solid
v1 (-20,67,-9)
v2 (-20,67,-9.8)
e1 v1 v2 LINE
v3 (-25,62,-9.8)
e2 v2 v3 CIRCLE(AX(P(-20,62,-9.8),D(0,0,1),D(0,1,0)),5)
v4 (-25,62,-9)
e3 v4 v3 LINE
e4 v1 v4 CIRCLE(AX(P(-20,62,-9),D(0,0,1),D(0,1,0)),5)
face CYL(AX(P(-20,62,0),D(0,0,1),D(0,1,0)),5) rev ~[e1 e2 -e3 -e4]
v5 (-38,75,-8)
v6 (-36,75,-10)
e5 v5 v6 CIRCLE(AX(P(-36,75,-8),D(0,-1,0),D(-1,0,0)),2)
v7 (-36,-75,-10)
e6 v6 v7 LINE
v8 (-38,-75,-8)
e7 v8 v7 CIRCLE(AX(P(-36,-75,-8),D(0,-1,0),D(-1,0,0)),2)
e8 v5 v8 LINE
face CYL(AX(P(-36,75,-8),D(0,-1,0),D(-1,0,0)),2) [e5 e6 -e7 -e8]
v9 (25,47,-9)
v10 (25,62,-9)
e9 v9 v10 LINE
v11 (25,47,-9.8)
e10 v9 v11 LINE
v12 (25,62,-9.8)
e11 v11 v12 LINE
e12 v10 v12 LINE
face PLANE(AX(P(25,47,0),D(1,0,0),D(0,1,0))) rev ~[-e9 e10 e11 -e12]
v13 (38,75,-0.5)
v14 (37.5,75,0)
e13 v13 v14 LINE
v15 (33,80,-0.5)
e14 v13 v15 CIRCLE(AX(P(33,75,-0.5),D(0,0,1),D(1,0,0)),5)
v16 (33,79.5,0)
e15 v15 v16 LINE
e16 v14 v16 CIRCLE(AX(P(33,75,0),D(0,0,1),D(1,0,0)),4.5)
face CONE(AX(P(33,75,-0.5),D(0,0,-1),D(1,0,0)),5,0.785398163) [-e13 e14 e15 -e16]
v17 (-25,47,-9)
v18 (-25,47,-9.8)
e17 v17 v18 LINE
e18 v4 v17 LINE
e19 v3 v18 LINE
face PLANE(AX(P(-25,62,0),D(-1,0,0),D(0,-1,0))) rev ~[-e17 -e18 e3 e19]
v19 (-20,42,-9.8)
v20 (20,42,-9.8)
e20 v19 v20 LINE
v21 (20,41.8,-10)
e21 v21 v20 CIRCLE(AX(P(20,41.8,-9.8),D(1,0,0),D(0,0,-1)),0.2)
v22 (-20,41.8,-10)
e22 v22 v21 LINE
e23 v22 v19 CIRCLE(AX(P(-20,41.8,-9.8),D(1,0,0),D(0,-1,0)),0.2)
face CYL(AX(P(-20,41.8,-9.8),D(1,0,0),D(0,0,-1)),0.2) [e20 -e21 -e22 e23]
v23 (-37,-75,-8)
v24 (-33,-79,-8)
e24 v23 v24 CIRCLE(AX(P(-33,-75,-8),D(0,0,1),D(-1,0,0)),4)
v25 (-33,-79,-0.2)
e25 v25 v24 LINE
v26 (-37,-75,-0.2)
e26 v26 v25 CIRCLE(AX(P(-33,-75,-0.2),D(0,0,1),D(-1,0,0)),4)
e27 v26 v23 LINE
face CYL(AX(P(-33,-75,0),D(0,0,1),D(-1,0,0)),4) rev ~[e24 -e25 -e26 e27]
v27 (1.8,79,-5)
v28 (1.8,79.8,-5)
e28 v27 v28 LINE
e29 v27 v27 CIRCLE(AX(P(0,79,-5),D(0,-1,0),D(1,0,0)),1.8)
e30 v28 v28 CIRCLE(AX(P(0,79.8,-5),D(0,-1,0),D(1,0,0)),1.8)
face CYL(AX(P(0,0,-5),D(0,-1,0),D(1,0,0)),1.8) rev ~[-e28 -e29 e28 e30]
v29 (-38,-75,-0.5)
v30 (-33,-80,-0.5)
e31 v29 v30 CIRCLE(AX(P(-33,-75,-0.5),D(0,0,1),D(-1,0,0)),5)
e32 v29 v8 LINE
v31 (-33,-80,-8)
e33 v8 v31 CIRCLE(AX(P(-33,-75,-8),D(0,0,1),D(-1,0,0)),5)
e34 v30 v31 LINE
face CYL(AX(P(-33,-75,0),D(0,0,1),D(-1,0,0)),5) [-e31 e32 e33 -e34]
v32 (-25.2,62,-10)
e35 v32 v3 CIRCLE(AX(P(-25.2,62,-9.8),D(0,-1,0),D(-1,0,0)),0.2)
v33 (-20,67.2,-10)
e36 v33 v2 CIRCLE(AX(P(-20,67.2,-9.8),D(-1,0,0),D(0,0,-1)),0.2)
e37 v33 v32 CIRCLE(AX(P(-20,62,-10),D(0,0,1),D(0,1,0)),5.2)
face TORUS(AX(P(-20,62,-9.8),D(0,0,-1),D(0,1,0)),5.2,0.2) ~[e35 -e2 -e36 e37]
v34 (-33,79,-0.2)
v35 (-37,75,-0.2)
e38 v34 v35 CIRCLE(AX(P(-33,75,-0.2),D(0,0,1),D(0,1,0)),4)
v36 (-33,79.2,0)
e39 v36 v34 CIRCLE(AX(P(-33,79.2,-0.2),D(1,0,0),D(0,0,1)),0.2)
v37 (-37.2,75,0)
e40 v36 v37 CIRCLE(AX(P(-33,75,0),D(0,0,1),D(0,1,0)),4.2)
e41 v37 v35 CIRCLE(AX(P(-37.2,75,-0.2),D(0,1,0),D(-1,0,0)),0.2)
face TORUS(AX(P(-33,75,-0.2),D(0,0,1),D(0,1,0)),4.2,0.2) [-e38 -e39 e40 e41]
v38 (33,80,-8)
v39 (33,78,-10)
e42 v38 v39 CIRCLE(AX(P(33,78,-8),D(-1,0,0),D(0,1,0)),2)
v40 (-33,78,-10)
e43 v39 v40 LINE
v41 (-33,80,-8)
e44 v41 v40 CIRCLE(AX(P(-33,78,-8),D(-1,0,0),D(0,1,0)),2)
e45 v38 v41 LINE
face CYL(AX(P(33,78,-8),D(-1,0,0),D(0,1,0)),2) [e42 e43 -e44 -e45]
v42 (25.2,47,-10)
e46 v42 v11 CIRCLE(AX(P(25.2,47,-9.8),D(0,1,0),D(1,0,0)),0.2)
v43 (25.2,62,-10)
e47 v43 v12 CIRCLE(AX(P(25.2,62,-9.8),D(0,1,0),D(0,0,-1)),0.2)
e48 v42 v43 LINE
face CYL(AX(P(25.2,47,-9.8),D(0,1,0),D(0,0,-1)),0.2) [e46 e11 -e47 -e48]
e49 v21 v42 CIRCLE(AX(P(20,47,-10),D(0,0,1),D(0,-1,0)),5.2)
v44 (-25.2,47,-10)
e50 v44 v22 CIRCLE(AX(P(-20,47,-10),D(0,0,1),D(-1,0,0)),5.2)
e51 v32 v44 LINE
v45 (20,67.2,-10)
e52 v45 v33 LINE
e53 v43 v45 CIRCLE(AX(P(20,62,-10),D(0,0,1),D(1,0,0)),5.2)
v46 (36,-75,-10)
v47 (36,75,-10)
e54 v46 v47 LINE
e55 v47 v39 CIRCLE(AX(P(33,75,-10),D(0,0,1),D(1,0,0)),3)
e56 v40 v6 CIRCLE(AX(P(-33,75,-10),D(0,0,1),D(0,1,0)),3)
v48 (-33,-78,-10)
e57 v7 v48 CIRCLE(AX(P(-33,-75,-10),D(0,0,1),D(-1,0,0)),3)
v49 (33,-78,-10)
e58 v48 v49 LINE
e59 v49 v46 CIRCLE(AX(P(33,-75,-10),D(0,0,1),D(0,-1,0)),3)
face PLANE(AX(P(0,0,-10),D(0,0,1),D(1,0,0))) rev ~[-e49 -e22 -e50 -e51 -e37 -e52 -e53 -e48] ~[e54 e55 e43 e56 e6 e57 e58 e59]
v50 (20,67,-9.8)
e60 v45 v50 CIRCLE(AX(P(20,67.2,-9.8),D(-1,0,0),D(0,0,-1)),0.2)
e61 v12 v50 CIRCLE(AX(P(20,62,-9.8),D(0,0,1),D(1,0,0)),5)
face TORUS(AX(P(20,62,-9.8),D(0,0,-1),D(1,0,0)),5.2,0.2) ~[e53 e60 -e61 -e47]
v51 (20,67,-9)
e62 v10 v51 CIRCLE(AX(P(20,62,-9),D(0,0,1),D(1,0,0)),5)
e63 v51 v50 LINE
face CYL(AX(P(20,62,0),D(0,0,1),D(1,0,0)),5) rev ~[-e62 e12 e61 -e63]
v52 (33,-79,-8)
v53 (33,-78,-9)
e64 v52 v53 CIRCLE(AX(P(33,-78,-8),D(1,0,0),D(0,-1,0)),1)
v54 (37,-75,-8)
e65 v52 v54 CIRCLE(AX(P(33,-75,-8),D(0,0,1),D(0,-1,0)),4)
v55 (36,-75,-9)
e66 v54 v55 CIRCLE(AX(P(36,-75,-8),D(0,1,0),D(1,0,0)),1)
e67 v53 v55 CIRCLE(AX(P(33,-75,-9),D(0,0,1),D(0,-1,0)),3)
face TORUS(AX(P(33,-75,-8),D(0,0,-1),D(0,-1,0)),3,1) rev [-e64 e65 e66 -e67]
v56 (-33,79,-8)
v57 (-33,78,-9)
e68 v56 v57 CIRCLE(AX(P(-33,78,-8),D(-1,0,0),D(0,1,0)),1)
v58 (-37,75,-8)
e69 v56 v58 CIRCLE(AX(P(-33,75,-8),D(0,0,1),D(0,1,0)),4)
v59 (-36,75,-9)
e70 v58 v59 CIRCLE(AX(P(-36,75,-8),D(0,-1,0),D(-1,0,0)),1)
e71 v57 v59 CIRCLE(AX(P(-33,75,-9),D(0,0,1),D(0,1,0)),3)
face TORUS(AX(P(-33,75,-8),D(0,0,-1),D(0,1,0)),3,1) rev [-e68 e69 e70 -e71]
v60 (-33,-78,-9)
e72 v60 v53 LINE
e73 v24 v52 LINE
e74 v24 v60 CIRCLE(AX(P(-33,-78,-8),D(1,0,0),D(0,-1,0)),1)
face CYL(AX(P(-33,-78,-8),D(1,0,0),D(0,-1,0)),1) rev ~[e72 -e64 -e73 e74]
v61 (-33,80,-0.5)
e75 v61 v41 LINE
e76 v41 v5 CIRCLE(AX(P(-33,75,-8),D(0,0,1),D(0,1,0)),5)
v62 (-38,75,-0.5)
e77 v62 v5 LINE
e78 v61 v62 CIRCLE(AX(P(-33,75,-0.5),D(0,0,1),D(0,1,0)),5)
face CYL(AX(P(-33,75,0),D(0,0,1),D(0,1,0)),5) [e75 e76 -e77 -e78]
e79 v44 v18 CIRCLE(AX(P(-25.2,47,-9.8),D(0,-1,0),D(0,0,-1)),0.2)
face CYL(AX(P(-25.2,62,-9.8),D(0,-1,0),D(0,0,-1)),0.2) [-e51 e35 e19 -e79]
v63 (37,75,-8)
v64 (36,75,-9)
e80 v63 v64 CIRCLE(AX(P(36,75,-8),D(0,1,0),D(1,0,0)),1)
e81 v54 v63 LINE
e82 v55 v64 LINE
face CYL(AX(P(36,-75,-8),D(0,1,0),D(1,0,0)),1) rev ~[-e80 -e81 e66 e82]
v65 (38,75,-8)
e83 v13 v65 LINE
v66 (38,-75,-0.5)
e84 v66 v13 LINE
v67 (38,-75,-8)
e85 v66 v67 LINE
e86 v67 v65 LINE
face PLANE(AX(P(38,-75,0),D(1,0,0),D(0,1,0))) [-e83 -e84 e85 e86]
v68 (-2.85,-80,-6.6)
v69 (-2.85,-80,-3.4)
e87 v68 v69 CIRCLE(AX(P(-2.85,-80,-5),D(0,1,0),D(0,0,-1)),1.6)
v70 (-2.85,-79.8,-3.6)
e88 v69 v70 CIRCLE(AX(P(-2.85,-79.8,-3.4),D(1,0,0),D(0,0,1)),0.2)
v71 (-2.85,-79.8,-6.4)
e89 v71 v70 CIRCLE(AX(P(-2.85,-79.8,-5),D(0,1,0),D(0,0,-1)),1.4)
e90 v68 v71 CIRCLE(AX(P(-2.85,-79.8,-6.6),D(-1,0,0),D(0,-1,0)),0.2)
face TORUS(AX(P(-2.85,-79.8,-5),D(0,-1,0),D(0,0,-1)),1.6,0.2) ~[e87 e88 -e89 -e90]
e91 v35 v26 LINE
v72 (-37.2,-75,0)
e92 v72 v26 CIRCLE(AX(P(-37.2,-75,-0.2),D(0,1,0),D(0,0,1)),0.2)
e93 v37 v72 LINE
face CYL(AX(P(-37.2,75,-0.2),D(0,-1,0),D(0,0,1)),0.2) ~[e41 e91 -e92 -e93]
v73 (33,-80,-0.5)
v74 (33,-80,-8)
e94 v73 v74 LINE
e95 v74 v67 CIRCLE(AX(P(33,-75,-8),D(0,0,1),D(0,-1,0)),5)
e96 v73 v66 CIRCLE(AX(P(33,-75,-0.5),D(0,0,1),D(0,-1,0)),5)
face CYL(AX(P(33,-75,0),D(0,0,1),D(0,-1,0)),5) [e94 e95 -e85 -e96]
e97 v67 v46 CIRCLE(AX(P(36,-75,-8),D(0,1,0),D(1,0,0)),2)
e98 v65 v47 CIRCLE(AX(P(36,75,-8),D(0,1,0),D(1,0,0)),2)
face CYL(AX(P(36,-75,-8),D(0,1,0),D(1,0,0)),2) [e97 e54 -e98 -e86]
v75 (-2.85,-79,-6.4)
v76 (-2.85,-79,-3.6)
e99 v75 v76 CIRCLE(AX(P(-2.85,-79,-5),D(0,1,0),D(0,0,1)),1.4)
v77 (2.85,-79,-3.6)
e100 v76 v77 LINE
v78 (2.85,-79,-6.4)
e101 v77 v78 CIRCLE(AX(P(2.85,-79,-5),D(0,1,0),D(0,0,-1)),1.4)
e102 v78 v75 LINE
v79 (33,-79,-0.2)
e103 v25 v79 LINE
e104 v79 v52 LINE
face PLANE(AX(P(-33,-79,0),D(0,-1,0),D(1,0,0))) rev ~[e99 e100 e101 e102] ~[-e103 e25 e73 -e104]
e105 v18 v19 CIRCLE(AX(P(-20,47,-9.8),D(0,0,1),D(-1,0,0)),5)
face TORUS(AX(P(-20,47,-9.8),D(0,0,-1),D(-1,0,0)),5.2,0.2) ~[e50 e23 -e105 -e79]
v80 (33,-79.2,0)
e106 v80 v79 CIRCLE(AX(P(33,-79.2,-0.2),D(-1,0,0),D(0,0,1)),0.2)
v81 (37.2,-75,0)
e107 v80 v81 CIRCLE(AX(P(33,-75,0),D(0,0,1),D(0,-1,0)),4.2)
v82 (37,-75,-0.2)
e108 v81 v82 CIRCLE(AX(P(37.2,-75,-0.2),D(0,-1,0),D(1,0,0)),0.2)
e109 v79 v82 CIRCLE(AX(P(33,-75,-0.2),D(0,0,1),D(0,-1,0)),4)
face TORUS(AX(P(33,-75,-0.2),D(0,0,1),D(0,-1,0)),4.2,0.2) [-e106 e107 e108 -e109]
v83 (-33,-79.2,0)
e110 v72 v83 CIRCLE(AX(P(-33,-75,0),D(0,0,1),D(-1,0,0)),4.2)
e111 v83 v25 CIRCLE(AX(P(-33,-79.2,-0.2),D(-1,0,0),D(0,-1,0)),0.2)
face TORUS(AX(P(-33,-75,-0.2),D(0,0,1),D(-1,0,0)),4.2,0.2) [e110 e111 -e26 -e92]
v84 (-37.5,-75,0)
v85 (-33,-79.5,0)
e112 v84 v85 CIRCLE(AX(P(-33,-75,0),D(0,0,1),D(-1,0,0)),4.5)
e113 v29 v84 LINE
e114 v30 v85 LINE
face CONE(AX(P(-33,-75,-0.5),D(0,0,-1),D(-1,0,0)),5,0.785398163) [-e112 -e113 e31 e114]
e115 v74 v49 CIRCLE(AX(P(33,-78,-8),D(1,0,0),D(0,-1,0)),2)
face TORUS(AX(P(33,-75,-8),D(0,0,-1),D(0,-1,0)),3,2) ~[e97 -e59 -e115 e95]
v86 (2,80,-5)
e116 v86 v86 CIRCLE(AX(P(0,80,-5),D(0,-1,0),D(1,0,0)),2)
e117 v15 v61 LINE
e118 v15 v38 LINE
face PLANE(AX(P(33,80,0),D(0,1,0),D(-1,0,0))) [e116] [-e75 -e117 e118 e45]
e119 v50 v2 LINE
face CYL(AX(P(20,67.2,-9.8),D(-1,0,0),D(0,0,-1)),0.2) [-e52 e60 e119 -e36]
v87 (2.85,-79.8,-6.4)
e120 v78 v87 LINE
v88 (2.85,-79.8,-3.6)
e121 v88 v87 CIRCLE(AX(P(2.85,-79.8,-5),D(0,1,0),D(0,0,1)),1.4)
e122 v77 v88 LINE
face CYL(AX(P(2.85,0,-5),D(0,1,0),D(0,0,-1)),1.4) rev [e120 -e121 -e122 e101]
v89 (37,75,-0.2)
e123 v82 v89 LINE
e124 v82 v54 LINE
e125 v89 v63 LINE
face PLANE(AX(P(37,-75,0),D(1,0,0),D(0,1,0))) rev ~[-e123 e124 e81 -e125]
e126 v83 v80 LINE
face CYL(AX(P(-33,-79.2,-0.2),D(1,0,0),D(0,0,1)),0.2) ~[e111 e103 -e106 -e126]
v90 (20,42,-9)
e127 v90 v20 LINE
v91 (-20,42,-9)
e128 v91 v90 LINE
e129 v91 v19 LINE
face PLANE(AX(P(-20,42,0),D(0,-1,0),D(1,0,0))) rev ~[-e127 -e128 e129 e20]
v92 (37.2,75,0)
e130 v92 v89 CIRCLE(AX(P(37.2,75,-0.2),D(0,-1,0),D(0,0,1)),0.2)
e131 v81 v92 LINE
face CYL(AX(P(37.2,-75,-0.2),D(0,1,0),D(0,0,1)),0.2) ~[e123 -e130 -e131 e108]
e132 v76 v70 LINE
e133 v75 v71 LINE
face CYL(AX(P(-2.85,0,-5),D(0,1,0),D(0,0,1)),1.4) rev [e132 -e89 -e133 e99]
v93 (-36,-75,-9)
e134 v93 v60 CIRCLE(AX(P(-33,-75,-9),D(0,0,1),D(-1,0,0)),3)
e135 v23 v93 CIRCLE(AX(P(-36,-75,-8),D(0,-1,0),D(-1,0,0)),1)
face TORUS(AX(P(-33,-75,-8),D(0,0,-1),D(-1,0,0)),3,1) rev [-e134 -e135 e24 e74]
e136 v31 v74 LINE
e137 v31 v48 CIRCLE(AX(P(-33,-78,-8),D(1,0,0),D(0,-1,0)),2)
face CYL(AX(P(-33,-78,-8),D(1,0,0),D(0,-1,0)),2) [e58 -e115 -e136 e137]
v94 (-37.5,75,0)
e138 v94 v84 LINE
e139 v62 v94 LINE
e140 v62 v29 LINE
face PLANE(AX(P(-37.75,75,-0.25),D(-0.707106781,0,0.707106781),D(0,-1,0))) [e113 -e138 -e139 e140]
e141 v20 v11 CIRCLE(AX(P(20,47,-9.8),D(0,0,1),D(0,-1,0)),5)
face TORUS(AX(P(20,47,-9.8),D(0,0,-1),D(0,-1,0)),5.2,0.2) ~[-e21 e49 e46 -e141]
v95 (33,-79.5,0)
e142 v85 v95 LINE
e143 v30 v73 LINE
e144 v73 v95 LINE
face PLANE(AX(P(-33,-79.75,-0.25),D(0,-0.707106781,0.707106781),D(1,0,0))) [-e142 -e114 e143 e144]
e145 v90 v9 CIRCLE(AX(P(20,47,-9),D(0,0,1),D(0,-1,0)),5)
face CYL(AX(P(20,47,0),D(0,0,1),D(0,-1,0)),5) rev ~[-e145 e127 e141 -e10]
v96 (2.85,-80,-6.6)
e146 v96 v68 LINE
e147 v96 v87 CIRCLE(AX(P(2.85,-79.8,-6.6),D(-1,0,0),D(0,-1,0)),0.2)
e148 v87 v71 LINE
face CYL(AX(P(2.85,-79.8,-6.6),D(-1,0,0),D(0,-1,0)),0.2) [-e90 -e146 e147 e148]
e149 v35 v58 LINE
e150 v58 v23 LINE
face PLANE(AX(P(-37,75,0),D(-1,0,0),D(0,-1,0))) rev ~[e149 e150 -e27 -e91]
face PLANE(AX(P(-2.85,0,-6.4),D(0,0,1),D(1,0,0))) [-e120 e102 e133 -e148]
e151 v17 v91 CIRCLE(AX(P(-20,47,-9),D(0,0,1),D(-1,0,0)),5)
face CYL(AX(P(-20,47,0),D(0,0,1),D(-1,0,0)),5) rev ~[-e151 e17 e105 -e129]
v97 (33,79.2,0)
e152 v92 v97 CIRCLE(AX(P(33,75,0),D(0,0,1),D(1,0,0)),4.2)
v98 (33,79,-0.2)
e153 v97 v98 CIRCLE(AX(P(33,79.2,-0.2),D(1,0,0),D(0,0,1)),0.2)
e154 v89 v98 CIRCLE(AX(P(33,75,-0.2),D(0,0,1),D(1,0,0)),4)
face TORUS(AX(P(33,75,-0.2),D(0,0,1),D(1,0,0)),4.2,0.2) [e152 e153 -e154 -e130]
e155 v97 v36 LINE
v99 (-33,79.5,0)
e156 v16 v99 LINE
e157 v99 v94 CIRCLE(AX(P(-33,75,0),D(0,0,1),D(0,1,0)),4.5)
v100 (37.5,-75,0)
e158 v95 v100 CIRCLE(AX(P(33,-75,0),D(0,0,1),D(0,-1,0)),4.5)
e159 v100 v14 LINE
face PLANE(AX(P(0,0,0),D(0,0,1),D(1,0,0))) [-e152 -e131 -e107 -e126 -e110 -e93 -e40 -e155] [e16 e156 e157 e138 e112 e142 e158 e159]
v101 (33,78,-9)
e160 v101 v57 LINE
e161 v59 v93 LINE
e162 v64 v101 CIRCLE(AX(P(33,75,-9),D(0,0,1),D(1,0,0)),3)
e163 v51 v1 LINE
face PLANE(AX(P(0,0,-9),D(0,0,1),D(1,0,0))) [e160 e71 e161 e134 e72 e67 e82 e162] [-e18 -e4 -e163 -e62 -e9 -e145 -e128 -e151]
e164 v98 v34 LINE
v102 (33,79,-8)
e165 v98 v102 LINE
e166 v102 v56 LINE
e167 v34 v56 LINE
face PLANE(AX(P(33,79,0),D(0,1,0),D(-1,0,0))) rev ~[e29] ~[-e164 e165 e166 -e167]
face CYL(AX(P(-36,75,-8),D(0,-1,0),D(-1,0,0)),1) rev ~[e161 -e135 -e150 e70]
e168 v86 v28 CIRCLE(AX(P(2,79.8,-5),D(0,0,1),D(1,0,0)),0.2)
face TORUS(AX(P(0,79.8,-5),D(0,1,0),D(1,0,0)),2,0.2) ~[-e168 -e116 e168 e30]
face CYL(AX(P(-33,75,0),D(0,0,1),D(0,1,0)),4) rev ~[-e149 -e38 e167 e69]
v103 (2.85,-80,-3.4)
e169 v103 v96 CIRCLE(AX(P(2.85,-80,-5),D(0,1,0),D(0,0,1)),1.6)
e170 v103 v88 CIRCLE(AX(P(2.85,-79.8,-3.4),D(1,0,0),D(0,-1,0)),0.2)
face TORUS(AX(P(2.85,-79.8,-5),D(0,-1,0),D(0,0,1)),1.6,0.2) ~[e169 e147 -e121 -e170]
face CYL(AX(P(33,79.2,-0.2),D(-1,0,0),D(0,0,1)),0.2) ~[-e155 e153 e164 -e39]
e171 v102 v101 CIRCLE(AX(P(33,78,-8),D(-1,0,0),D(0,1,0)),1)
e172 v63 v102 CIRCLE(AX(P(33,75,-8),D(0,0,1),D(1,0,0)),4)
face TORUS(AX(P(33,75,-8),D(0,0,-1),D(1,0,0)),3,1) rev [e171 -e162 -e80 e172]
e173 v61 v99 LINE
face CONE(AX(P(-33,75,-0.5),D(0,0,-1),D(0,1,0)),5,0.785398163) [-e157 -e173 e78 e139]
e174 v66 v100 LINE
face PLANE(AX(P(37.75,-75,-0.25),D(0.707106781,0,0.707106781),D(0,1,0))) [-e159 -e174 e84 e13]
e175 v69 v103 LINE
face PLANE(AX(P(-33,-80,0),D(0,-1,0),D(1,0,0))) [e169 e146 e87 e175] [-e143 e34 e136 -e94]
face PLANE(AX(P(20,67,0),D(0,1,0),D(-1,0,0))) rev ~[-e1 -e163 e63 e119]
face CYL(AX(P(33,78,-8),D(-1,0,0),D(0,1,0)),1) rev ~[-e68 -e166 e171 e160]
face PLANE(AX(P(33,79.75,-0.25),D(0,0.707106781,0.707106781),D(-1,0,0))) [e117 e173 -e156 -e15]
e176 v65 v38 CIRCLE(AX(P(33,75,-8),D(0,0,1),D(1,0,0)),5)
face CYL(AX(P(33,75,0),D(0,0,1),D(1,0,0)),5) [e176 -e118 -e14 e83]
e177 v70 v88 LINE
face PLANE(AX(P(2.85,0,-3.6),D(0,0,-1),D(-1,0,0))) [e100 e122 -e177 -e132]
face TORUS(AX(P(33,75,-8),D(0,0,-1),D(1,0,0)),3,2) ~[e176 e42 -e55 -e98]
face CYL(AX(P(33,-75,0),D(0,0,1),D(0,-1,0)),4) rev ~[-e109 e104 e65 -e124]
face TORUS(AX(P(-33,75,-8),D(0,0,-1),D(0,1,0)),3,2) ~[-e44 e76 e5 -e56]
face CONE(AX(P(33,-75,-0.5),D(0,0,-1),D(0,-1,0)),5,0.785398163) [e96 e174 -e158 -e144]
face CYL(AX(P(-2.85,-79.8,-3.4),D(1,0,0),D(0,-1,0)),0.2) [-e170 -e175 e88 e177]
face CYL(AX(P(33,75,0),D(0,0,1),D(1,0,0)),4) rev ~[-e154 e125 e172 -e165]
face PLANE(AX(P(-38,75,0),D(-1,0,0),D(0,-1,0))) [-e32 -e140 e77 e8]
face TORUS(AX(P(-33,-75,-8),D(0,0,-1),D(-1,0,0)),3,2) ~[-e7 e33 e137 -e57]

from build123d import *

# Parameters (mm, degrees)
F1_DEPTH  = 10
F2_R      = 2
F3_T      = -1
F4_SIZE   = 0.5
F6_DEPTH  = 10.001
F8_DEPTH  = 80.001
F9_R      = 1.8
F10_DEPTH = 80.001
F11_R     = 0.2


with BuildPart() as f1:
    # F0 (on Top) → F1 (new body)
    with BuildSketch(Plane.XY):
        with BuildLine():
            Line((33, 80), (-33, 80))
            ThreePointArc((-33, 80), (-36.5355339059, 78.5355339059), (-38, 75))
            Line((-38, 75), (-38, -75))
            ThreePointArc((-38, -75), (-36.5355339059, -78.5355339059), (-33, -80))
            Line((-33, -80), (33, -80))
            ThreePointArc((33, -80), (36.5355339059, -78.5355339059), (38, -75))
            Line((38, -75), (38, 75))
            ThreePointArc((38, 75), (36.5355339059, 78.5355339059), (33, 80))
        make_face()
    extrude(amount=-F1_DEPTH)

    # F2
    f2_edges = [f1.edges().sort_by_distance(p)[0] for p in [
        (0, 80, -10),
    ]]
    fillet(f2_edges, radius=F2_R)

    # F3
    f3_openings = [f1.faces().sort_by_distance(p)[0] for p in [
        (0, 0, 0),
    ]]
    offset(amount=F3_T, openings=f3_openings)

    # F4
    f4_edges = [f1.edges().sort_by_distance(p)[0] for p in [
        (-36.535534, -78.535534, 0),
    ]]
    chamfer(f4_edges, length=F4_SIZE)

    # F5 (on Top) → F6 (cut, through all)
    with BuildSketch(Plane.XY):
        with BuildLine():
            Line((-20, 42), (20, 42))
            ThreePointArc((20, 42), (23.5355339059, 43.4644660941), (25, 47))
            Line((25, 47), (25, 62))
            ThreePointArc((25, 62), (23.5355339059, 65.5355339059), (20, 67))
            Line((20, 67), (-20, 67))
            ThreePointArc((-20, 67), (-23.5355339059, 65.5355339059), (-25, 62))
            Line((-25, 62), (-25, 47))
            ThreePointArc((-25, 47), (-23.5355339059, 43.4644660941), (-20, 42))
        make_face()
    extrude(amount=-F6_DEPTH, mode=Mode.SUBTRACT)

    # F7 (on Front) → F8 (cut, through all)
    with BuildSketch(Plane.XZ):
        with BuildLine():
            Line((2.85, -3.6), (-2.85, -3.6))
            ThreePointArc((-2.85, -3.6), (-4.25, -5), (-2.85, -6.4))
            Line((-2.85, -6.4), (2.85, -6.4))
            ThreePointArc((2.85, -6.4), (4.25, -5), (2.85, -3.6))
        make_face()
    extrude(amount=F8_DEPTH, mode=Mode.SUBTRACT)

    # F9 (on Front) → F10 (cut, through all)
    with BuildSketch(Plane.XZ):
        with Locations((0, -5)):
            Circle(F9_R)
    extrude(amount=-F10_DEPTH, mode=Mode.SUBTRACT)

    # F11
    f11_edges = [f1.edges().sort_by_distance(p)[0] for p in [
        (0, 79, 0),
        (0, 67, -10),
        (0, -80, -6.4),
        (-1.8, 80, -5),
    ]]
    fillet(f11_edges, radius=F11_R)


solid = f1.part
